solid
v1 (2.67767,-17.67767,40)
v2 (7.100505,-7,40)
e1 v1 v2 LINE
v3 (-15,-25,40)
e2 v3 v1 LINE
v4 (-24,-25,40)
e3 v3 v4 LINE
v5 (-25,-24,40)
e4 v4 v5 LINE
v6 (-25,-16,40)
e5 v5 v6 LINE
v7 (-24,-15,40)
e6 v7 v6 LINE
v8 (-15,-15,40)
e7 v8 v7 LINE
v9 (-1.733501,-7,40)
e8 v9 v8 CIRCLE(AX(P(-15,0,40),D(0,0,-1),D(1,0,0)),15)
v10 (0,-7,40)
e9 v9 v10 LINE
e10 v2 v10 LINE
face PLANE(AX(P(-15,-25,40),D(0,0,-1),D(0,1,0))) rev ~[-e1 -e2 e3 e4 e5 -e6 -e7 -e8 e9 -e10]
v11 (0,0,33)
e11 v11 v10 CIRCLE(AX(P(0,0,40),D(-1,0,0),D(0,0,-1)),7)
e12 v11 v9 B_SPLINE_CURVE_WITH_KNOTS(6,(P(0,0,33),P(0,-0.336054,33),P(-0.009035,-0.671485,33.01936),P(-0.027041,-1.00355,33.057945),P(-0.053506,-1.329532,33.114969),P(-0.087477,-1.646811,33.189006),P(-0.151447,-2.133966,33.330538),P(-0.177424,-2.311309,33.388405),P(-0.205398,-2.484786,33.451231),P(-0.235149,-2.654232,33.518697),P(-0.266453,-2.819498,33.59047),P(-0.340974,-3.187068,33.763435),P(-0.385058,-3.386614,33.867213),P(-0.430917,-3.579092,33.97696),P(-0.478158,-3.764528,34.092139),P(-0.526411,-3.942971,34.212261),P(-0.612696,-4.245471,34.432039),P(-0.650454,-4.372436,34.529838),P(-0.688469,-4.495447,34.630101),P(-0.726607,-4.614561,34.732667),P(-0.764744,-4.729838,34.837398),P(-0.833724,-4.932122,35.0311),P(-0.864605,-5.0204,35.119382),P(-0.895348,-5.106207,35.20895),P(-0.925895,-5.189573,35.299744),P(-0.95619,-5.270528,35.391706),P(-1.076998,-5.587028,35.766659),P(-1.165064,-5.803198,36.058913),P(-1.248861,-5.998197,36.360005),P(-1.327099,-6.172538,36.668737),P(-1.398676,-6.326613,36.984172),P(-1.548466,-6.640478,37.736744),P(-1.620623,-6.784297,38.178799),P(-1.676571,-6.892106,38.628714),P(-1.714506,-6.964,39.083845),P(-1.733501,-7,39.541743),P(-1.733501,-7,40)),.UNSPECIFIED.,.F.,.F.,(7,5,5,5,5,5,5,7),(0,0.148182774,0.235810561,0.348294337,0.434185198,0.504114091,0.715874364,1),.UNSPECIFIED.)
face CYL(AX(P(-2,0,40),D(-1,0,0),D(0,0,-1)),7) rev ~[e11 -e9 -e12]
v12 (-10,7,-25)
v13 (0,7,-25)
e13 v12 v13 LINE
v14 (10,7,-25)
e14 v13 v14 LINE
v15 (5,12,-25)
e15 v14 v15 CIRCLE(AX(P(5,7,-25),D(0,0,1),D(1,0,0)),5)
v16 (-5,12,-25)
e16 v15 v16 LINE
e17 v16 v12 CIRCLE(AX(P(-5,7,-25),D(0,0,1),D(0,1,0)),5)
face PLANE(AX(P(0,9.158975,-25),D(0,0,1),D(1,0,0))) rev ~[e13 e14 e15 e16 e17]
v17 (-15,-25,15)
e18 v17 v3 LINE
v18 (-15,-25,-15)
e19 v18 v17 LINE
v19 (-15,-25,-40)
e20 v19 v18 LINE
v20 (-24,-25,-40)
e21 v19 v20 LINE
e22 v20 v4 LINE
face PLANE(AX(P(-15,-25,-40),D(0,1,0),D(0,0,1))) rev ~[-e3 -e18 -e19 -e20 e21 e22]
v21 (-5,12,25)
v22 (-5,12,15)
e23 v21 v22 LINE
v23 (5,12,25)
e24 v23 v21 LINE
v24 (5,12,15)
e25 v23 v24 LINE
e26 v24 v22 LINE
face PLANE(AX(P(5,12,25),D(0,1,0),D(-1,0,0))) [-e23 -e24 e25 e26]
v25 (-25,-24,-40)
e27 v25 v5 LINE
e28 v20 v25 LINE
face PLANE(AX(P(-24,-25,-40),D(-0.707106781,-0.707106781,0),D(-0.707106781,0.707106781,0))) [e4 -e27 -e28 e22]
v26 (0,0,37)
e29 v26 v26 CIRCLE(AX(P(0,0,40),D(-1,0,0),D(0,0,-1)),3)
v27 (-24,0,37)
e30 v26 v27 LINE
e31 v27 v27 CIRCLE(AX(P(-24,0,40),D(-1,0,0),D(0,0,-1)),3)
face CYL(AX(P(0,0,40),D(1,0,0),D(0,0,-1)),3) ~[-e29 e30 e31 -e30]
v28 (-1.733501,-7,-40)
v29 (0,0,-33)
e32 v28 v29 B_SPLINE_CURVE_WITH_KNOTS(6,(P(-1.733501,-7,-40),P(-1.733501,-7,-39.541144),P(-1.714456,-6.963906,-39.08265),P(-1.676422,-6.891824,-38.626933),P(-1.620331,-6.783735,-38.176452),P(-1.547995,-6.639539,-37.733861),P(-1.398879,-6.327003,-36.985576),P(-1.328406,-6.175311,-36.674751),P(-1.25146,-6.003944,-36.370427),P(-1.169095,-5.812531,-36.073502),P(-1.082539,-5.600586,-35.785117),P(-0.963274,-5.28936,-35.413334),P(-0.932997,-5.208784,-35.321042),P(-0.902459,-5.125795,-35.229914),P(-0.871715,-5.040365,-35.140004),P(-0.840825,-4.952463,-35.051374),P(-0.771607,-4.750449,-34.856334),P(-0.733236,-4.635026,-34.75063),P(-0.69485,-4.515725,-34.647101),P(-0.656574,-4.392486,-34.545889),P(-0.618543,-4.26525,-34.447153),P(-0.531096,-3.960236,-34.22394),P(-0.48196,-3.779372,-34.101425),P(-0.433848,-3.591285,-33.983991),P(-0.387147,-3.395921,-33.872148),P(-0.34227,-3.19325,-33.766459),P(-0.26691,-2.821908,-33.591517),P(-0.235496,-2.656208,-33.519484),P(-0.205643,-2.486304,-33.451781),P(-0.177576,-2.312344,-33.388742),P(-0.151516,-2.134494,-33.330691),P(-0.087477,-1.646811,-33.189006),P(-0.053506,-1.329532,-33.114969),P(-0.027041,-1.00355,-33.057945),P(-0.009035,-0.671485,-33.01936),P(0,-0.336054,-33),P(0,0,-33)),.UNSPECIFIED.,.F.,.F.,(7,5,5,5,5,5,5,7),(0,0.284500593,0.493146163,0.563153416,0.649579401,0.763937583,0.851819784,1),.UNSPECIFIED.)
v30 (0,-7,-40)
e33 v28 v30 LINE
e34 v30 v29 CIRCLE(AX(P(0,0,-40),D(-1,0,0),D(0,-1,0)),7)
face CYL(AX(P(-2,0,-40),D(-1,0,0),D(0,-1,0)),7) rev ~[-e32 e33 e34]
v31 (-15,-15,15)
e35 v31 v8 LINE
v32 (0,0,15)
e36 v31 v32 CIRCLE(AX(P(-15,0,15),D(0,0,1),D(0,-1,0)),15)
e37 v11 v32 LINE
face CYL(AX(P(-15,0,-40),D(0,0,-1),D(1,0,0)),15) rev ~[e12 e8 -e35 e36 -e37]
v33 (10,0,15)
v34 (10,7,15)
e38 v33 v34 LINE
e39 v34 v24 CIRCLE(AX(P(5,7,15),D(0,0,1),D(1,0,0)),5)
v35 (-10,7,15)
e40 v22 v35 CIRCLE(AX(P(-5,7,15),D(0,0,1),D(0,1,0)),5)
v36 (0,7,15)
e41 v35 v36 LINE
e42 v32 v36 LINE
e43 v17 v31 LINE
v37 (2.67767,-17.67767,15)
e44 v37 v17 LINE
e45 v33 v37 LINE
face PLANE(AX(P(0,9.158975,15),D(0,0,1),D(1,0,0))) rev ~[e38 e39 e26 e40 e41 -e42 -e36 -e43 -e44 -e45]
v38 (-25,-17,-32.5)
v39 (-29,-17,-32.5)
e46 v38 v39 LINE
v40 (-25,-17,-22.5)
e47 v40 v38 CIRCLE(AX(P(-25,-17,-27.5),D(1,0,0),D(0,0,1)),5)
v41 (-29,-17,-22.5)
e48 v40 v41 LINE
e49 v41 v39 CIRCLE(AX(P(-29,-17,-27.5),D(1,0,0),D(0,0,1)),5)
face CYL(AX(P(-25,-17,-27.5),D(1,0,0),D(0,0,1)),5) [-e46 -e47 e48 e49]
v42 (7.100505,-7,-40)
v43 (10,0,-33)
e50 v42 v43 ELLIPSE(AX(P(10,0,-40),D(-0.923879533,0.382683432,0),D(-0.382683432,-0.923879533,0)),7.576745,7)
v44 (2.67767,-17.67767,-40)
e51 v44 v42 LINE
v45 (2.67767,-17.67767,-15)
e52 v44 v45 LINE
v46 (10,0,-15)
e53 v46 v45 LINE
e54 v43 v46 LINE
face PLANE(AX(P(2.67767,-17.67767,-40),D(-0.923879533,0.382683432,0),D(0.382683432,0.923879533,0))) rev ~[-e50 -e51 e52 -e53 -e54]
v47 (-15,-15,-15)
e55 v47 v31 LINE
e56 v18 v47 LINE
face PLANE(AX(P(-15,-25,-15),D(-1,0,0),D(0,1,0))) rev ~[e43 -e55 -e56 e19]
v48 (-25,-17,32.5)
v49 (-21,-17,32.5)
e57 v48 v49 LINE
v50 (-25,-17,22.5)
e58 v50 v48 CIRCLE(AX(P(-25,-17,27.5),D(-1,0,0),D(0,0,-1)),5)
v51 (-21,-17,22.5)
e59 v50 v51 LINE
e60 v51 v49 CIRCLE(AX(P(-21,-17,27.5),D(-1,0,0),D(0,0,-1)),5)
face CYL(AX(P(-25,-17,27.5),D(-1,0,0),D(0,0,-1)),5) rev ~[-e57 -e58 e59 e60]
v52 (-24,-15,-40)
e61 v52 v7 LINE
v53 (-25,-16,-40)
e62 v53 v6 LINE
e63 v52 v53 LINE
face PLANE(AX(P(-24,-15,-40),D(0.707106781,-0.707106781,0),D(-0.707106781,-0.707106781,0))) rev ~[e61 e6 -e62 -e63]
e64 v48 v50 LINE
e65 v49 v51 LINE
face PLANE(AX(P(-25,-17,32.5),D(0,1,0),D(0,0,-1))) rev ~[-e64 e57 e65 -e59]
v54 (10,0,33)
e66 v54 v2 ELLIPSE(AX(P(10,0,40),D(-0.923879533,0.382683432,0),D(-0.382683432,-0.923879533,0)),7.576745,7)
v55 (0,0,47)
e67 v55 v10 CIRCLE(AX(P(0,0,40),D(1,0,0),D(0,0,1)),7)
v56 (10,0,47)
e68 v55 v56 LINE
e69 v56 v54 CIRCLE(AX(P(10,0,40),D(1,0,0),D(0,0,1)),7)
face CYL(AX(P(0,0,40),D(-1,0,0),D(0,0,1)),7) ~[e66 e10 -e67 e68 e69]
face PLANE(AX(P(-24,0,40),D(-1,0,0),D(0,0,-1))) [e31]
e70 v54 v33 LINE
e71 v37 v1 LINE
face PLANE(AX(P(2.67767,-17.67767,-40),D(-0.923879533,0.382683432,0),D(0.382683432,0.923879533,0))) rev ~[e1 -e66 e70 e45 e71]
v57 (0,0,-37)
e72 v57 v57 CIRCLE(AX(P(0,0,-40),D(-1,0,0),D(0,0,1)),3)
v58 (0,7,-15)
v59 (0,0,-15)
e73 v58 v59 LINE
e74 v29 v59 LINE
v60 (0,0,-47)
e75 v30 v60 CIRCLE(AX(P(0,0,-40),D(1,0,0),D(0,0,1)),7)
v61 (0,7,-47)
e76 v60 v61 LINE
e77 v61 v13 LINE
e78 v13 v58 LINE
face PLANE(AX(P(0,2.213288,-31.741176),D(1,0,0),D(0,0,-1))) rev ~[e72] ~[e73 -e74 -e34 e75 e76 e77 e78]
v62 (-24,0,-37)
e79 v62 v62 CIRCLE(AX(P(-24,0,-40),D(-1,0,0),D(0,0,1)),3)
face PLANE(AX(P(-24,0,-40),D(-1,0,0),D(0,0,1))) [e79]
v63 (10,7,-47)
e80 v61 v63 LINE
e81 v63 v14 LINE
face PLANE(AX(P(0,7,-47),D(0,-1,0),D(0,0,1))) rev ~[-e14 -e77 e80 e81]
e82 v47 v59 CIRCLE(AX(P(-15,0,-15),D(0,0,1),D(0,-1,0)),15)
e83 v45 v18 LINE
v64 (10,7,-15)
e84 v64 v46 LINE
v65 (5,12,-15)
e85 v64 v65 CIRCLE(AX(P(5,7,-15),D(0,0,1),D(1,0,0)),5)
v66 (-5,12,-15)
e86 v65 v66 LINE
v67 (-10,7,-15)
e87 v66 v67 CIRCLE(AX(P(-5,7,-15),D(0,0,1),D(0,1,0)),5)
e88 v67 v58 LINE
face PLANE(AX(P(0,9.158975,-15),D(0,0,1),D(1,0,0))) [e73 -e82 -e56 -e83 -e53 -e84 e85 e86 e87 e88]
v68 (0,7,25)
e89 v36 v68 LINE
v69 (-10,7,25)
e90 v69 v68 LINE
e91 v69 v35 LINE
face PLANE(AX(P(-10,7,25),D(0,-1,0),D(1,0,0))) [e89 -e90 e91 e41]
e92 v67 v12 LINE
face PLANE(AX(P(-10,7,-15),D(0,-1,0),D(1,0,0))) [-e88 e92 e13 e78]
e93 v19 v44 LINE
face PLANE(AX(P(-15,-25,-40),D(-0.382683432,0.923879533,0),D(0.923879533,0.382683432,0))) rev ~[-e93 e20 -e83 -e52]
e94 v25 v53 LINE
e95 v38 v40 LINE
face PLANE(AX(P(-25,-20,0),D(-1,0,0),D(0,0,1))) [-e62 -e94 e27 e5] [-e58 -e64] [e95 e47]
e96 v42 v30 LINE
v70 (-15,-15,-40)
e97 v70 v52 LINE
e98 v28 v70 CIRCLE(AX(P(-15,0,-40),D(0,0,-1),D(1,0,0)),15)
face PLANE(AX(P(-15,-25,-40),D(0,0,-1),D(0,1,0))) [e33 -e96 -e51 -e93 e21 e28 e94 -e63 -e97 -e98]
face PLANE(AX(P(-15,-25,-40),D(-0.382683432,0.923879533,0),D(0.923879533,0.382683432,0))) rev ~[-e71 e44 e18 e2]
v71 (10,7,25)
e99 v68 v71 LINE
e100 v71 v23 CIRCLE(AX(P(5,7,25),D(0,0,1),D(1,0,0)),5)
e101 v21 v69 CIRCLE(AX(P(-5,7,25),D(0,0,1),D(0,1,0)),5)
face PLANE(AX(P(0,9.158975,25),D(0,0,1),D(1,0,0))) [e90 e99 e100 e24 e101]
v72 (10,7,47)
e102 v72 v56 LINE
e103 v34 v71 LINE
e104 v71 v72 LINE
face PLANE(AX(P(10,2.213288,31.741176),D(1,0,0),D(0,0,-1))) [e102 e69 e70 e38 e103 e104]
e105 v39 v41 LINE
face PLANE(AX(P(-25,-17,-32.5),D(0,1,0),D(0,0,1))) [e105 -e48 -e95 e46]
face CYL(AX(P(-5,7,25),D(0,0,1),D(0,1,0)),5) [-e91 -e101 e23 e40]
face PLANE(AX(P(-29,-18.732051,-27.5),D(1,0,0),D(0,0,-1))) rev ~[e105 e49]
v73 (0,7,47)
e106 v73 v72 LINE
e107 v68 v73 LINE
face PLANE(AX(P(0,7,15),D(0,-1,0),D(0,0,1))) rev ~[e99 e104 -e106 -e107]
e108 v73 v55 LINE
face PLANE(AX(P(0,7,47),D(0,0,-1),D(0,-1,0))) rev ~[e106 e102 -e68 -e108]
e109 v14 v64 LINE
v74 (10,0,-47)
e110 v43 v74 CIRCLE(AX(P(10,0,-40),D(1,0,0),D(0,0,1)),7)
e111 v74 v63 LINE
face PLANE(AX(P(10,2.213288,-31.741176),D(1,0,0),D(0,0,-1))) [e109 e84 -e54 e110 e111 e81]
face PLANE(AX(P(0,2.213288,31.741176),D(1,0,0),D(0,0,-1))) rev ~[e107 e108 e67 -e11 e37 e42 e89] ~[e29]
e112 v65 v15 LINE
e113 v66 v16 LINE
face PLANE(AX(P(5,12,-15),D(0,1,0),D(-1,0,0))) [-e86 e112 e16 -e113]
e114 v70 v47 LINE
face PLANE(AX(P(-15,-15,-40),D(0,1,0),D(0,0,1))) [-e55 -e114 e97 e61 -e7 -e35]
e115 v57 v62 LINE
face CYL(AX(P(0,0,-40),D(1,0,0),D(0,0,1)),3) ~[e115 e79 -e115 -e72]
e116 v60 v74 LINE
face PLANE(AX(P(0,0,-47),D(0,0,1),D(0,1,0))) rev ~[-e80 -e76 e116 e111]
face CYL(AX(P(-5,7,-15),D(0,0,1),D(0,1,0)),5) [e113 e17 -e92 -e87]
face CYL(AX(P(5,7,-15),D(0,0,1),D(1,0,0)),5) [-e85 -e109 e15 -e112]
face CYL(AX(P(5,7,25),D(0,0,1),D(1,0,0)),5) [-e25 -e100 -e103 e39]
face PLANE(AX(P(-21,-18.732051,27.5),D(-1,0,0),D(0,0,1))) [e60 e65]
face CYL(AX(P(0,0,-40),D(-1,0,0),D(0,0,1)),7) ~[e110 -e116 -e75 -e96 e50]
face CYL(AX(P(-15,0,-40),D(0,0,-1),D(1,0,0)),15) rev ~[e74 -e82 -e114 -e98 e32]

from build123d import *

# Parameters (mm, degrees)
BOSS_EXTRUDE1_DEPTH   = 10
BOSS_EXTRUDE1_2_DEPTH = 10
BOSS_EXTRUDE2_START   = -7
BOSS_EXTRUDE2_DEPTH   = 80
CUT_EXTRUDE1_START    = 2
CUT_EXTRUDE1_DEPTH    = 2
SKETCH9_W             = 80
SKETCH9_H             = 10
BOSS_EXTRUDE4_DEPTH   = 10
CUT_EXTRUDE3_DEPTH    = 80
CUT_EXTRUDE4_START    = -32
CUT_EXTRUDE4_DEPTH    = 30
SKETCH7_R             = 3
BOSS_EXTRUDE5_DEPTH   = 24
BOSS_EXTRUDE6_DEPTH   = 10
BOSS_EXTRUDE8_START   = 10
BOSS_EXTRUDE8_DEPTH   = 10
BOSS_EXTRUDE3_DEPTH   = 4
CUT_EXTRUDE5_DEPTH    = 4


with BuildPart() as part:
    # Sketch3 → Boss-Extrude1 (new body)
    with BuildSketch(Plane(origin=(0, 0, 0), x_dir=(0, 0, -1), z_dir=(1, 0, 0))):
        with BuildLine():
            Line((-47, 7), (-47, 0))
            ThreePointArc((-47, 0), (-40, -7), (-33, 0))
            Line((-33, 0), (-15, 0))
            Line((-15, 0), (-15, 7))
            Line((-15, 7), (-47, 7))
        make_face()
    extrude(amount=BOSS_EXTRUDE1_DEPTH)

    # Sketch5 → Boss-Extrude2 (add)
    with BuildSketch(Plane(origin=(0, 0, -47), x_dir=(-1, 0, 0), z_dir=(0, 0, -1)).offset(BOSS_EXTRUDE2_START)):
        with BuildLine():
            Line((-10, 0), (0, 0))
            ThreePointArc((0, 0), (4.393398282, -10.606601718), (15, -15))
            Line((15, -15), (15, -25))
            Line((15, -25), (-2.67766953, -17.67766953))
            Line((-2.67766953, -17.67766953), (-10, 0))
        make_face()
    extrude(amount=-BOSS_EXTRUDE2_DEPTH)

    # Sketch6 → Cut-Extrude1 (cut)
    with BuildSketch(Plane.ZY.offset(CUT_EXTRUDE1_START)):
        with BuildLine():
            Line((-33, 0), (-40, 0))
            Line((-40, 0), (-40, -7))
            ThreePointArc((-40, -7), (-35.050252532, -4.949747468), (-33, 0))
        make_face()
        with BuildLine():
            Line((40, 0), (33, 0))
            ThreePointArc((33, 0), (35.050252532, -4.949747468), (40, -7))
            Line((40, -7), (40, 0))
        make_face()
    extrude(amount=-CUT_EXTRUDE1_DEPTH, mode=Mode.SUBTRACT)

    # Sketch9 → Boss-Extrude4 (add)
    with BuildSketch(Plane.ZY.offset(15)):
        with Locations((0, -20)):
            Rectangle(SKETCH9_W, SKETCH9_H)
    extrude(amount=BOSS_EXTRUDE4_DEPTH)

    # Sketch10 → Cut-Extrude3 (cut)
    with BuildSketch(Plane(origin=(0, 0, -40), x_dir=(-1, 0, 0), z_dir=(0, 0, -1))):
        Polygon((25, -15), (24, -15), (25, -16), align=None)
        Polygon((25, -25), (24, -25), (25, -24), align=None)
    extrude(amount=-CUT_EXTRUDE3_DEPTH, mode=Mode.SUBTRACT)

    # Sketch5<3> → Cut-Extrude4 (cut)
    with BuildSketch(Plane(origin=(0, 0, -47), x_dir=(-1, 0, 0), z_dir=(0, 0, -1)).offset(CUT_EXTRUDE4_START)):
        with BuildLine():
            Line((0, 0), (-10, 0))
            Line((-10, 0), (-2.67766953, -17.67766953))
            Line((-2.67766953, -17.67766953), (15, -25))
            Line((15, -25), (15, -15))
            ThreePointArc((15, -15), (4.393398282, -10.606601718), (0, 0))
        make_face()
    extrude(amount=-CUT_EXTRUDE4_DEPTH, mode=Mode.SUBTRACT)



with BuildPart() as body_2:
    # Sketch3 → Boss-Extrude1 2 (new body)
    with BuildSketch(Plane(origin=(0, 0, 0), x_dir=(0, 0, -1), z_dir=(1, 0, 0))):
        with BuildLine():
            Line((15, 7), (15, 0))
            Line((15, 0), (33, 0))
            ThreePointArc((33, 0), (40, -7), (47, 0))
            Line((47, 0), (47, 7))
            Line((47, 7), (15, 7))
        make_face()
    extrude(amount=BOSS_EXTRUDE1_2_DEPTH)


with BuildPart() as part_1:
    add(part.part)

    add(body_2.part)  # Boss-Extrude5 merges body 2
    # Sketch7 → Boss-Extrude5 (add)
    with BuildSketch(Plane.ZY):
        with Locations((-40, 0)):
            Circle(SKETCH7_R)
        with Locations(Location((40, 0, 0), (0, 0, 180))):
            Circle(SKETCH7_R)
    extrude(amount=BOSS_EXTRUDE5_DEPTH)

    # Sketch11 → Boss-Extrude6 (add)
    with BuildSketch(Plane.XY.offset(-15)):
        with BuildLine():
            Line((-10, 7), (0, 7))
            Line((0, 7), (10, 7))
            ThreePointArc((10, 7), (8.535533906, 10.535533906), (5, 12))
            Line((5, 12), (-5, 12))
            ThreePointArc((-5, 12), (-8.535533906, 10.535533906), (-10, 7))
        make_face()
    extrude(amount=-BOSS_EXTRUDE6_DEPTH)

    # Sketch13 → Boss-Extrude8 (add)
    with BuildSketch(Plane.XY.offset(15).offset(BOSS_EXTRUDE8_START)):
        with BuildLine():
            Line((-10, 7), (0, 7))
            Line((0, 7), (10, 7))
            ThreePointArc((10, 7), (8.535533906, 10.535533906), (5, 12))
            Line((5, 12), (-5, 12))
            ThreePointArc((-5, 12), (-8.535533906, 10.535533906), (-10, 7))
        make_face()
    extrude(amount=-BOSS_EXTRUDE8_DEPTH)

    # Sketch8 → Boss-Extrude3 (add)
    with BuildSketch(Plane.ZY.offset(25)):
        with BuildLine():
            Line((-32.5, -17), (-22.5, -17))
            ThreePointArc((-22.5, -17), (-27.5, -22), (-32.5, -17))
        make_face()
    extrude(amount=BOSS_EXTRUDE3_DEPTH)

    # Sketch8<4> → Cut-Extrude5 (cut)
    with BuildSketch(Plane.ZY.offset(25)):
        with BuildLine():
            Line((32.5, -17), (22.5, -17))
            ThreePointArc((22.5, -17), (27.5, -22), (32.5, -17))
        make_face()
    extrude(amount=-CUT_EXTRUDE5_DEPTH, mode=Mode.SUBTRACT)


solid = part_1.part
